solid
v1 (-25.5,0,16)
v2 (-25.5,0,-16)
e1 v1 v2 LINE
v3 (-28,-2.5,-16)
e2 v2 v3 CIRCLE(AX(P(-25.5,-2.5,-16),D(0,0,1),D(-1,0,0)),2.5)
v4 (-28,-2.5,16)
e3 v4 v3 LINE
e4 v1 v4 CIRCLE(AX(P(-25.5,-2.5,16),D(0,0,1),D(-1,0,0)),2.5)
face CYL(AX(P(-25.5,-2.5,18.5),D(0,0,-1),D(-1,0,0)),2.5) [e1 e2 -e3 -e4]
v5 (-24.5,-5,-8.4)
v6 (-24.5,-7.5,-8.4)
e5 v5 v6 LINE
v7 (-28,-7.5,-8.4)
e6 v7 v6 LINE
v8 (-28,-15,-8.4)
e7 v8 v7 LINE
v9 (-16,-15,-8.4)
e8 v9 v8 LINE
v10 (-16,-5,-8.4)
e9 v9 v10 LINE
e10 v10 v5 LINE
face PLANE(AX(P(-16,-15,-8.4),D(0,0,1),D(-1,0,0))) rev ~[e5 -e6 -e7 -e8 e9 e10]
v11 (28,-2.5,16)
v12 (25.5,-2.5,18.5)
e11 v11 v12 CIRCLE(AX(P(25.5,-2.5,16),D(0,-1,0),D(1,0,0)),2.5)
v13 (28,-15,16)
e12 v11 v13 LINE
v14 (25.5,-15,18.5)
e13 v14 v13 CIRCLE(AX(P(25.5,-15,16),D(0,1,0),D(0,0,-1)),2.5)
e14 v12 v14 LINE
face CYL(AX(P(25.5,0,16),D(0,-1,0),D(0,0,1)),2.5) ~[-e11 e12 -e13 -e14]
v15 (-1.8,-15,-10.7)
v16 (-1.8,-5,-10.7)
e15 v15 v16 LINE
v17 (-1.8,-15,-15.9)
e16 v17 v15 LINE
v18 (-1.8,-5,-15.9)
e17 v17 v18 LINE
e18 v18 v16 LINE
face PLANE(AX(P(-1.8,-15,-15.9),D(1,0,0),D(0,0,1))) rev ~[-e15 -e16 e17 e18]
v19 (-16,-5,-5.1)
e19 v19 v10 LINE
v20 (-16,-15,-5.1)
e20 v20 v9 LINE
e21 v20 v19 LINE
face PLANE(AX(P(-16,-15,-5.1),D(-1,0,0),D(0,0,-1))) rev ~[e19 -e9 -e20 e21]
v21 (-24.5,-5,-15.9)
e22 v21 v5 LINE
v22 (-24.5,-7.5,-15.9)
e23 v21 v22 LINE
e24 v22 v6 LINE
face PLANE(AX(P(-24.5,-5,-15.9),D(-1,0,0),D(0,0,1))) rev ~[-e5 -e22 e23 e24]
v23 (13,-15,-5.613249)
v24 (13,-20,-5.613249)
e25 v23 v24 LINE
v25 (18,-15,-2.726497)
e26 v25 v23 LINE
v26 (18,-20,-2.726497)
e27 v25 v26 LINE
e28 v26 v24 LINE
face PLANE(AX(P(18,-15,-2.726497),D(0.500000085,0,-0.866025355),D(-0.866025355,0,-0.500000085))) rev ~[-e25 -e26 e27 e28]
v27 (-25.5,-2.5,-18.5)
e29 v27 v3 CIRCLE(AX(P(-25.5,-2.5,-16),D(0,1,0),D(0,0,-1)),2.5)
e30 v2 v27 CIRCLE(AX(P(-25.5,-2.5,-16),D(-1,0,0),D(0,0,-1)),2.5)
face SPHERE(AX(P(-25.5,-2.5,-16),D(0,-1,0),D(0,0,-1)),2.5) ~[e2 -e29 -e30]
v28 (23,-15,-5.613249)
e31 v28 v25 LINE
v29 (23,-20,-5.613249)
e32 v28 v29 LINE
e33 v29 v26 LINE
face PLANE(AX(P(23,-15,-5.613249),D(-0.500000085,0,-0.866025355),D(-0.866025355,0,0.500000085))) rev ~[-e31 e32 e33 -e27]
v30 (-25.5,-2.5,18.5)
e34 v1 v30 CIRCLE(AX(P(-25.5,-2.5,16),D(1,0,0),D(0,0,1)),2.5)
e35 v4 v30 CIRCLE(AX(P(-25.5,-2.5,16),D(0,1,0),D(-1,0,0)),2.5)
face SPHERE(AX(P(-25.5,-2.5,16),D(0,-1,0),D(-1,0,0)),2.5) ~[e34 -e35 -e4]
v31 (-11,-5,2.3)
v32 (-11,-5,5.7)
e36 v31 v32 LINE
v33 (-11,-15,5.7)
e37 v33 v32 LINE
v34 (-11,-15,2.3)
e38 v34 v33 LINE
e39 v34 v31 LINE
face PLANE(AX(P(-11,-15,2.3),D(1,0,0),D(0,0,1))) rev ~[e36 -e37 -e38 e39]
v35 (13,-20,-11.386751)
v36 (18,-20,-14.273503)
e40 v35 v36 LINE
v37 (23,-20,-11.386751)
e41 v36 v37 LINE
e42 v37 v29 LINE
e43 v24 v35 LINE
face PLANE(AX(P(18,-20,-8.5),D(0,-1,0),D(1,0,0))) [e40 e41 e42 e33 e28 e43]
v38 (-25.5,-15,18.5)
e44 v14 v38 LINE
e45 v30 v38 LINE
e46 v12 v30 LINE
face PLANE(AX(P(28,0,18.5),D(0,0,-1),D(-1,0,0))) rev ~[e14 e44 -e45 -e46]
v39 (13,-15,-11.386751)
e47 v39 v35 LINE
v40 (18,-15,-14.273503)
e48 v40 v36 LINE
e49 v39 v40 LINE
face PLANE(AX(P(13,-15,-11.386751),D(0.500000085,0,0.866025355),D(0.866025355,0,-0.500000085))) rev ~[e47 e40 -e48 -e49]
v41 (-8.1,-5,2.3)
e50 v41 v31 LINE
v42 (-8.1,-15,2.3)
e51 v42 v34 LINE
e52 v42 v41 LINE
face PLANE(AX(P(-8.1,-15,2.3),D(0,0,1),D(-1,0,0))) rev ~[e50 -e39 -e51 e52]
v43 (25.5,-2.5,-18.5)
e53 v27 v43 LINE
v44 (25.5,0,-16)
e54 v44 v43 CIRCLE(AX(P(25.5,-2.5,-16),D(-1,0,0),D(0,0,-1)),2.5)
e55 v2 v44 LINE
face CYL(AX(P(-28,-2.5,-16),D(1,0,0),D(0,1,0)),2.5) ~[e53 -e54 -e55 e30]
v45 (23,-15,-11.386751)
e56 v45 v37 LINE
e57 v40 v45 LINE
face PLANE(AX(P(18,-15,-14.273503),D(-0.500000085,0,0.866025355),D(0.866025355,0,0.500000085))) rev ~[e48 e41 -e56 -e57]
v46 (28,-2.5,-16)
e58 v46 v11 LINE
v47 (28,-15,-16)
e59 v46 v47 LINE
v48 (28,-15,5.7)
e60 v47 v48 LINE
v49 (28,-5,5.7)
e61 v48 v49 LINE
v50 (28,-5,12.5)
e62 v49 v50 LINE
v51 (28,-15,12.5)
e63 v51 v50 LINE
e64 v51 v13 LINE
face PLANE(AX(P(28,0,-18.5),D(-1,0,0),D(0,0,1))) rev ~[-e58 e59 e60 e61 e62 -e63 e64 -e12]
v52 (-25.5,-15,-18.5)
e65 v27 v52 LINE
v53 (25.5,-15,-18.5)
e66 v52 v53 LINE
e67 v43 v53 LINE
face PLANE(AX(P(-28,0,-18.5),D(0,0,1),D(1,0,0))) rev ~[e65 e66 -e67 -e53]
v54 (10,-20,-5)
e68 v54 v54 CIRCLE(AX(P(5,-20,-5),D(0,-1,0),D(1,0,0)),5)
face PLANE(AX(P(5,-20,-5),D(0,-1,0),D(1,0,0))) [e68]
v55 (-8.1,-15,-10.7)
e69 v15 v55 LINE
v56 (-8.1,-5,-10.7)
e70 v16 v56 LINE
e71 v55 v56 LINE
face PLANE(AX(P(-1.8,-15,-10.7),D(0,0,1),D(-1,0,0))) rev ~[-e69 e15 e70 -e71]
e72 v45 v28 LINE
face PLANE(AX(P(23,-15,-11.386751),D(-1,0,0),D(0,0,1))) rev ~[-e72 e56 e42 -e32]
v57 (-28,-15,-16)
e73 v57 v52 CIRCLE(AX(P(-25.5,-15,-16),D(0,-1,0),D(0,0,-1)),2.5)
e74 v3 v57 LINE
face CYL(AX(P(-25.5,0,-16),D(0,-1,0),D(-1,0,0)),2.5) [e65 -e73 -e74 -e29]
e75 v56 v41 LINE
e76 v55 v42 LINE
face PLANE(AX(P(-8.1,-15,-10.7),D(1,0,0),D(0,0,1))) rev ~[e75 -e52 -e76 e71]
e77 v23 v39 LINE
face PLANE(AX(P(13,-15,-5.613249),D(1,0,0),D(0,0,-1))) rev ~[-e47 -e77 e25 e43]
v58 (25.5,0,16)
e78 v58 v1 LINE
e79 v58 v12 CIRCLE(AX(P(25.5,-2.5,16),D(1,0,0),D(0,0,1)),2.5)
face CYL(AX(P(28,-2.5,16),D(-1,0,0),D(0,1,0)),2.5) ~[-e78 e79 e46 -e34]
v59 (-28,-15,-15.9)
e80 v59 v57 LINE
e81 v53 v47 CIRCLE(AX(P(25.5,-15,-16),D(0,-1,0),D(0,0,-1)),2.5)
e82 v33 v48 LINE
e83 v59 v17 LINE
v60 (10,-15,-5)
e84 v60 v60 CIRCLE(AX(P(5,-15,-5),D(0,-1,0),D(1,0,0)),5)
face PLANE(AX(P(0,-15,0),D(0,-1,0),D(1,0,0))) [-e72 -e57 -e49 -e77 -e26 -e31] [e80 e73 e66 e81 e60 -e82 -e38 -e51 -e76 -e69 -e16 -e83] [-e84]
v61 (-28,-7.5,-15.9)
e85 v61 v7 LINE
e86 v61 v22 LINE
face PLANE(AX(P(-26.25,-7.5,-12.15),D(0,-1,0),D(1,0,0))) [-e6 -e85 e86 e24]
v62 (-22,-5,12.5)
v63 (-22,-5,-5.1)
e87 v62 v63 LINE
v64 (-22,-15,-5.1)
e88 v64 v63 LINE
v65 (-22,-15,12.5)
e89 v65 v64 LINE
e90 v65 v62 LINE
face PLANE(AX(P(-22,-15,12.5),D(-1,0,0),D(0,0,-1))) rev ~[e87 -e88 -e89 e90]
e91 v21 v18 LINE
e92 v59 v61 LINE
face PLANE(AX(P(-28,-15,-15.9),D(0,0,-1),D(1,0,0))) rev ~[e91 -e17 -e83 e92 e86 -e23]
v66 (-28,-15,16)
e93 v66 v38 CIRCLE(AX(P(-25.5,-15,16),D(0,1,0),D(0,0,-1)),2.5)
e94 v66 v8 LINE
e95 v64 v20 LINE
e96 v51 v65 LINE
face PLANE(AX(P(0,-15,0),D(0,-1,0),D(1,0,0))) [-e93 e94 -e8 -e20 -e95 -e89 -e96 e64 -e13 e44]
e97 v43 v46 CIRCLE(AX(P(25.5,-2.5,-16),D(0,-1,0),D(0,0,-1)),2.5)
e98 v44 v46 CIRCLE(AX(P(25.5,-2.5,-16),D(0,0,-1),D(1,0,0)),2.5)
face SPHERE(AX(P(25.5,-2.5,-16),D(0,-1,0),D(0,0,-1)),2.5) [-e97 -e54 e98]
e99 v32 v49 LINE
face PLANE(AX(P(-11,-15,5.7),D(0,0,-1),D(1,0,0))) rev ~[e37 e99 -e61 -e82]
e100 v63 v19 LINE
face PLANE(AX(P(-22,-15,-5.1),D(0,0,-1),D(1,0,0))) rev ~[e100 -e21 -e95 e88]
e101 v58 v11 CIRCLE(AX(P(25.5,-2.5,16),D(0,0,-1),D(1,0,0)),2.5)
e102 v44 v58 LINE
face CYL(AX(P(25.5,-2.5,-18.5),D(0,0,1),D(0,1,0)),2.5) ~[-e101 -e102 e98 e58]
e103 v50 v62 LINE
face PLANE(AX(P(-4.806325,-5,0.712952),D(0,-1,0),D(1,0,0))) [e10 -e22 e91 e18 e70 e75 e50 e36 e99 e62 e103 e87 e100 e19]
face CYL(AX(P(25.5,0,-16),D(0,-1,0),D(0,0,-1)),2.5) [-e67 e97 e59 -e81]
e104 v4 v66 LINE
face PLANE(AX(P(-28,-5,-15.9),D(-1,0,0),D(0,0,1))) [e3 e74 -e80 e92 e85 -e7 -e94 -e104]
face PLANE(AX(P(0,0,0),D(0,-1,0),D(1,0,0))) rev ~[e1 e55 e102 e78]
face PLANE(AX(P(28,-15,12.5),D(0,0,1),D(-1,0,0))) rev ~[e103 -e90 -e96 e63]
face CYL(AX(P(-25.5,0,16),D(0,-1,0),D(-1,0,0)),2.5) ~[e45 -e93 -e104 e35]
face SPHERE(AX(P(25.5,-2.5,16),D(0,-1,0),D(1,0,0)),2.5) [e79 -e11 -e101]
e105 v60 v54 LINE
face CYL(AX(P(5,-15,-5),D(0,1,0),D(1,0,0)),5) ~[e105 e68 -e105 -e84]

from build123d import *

# Parameters (mm, degrees)
F1_DEPTH  = 15
F3_DEPTH  = 10
F5_DEPTH  = 5
F6_W      = 3.5
F6_H      = 7.5
F7_DEPTH  = 2.5
F8_R      = 2.5
F9_R      = 5
F10_DEPTH = 5


with BuildPart() as f1:
    # F0 (on Front) → F1 (new body)
    with BuildSketch(Plane.XZ):
        Polygon((24.5, 18.5), (-24.5, 18.5), (-28, 18.5), (-28, -18.5), (-24.5, -18.5), (24.5, -18.5), (28, -18.5), (28, 18.5), align=None)
    extrude(amount=F1_DEPTH)

    # F2 (on face) → F3 (cut)
    with BuildSketch(Plane.XZ.offset(15)):
        Polygon((28, 12.5), (24.5, 12.5), (-22, 12.5), (-22, -5.1), (-16, -5.1), (-16, -8.4), (-24.5, -8.4), (-28, -8.4), (-28, -15.9), (-24.5, -15.9), (-1.8, -15.9), (-1.8, -10.7), (-8.1, -10.7), (-8.1, 2.3), (-11, 2.3), (-11, 5.7), (24.5, 5.7), (28, 5.7), align=None)
    extrude(amount=-F3_DEPTH, mode=Mode.SUBTRACT)

    # F4 (on face) → F5 (join)
    with BuildSketch(Plane.XZ.offset(15)):
        Polygon((23, -11.386751), (23, -5.613249), (18, -2.726497), (13, -5.613249), (13, -11.386751), (18, -14.273503), align=None)
    extrude(amount=F5_DEPTH)

    # F6 (on face) → F7 (join)
    with BuildSketch(Plane.XZ.offset(5)):
        with Locations((-26.25, -12.15)):
            Rectangle(F6_W, F6_H)
    extrude(amount=F7_DEPTH)

    # F8
    f8_edges = [f1.edges().sort_by_distance(p)[0] for p in [
        (-28, -7.5, 18.5),
        (28, -7.5, 18.5),
        (28, -7.5, -18.5),
        (-28, -7.5, -18.5),
        (0, 0, -18.5),
        (-28, 0, 0),
        (28, 0, 0),
        (0, 0, 18.5),
    ]]
    fillet(f8_edges, radius=F8_R)

    # F9 (on face) → F10 (join)
    with BuildSketch(Plane.XZ.offset(15)):
        with Locations((5, -5)):
            Circle(F9_R)
    extrude(amount=F10_DEPTH)


solid = f1.part
